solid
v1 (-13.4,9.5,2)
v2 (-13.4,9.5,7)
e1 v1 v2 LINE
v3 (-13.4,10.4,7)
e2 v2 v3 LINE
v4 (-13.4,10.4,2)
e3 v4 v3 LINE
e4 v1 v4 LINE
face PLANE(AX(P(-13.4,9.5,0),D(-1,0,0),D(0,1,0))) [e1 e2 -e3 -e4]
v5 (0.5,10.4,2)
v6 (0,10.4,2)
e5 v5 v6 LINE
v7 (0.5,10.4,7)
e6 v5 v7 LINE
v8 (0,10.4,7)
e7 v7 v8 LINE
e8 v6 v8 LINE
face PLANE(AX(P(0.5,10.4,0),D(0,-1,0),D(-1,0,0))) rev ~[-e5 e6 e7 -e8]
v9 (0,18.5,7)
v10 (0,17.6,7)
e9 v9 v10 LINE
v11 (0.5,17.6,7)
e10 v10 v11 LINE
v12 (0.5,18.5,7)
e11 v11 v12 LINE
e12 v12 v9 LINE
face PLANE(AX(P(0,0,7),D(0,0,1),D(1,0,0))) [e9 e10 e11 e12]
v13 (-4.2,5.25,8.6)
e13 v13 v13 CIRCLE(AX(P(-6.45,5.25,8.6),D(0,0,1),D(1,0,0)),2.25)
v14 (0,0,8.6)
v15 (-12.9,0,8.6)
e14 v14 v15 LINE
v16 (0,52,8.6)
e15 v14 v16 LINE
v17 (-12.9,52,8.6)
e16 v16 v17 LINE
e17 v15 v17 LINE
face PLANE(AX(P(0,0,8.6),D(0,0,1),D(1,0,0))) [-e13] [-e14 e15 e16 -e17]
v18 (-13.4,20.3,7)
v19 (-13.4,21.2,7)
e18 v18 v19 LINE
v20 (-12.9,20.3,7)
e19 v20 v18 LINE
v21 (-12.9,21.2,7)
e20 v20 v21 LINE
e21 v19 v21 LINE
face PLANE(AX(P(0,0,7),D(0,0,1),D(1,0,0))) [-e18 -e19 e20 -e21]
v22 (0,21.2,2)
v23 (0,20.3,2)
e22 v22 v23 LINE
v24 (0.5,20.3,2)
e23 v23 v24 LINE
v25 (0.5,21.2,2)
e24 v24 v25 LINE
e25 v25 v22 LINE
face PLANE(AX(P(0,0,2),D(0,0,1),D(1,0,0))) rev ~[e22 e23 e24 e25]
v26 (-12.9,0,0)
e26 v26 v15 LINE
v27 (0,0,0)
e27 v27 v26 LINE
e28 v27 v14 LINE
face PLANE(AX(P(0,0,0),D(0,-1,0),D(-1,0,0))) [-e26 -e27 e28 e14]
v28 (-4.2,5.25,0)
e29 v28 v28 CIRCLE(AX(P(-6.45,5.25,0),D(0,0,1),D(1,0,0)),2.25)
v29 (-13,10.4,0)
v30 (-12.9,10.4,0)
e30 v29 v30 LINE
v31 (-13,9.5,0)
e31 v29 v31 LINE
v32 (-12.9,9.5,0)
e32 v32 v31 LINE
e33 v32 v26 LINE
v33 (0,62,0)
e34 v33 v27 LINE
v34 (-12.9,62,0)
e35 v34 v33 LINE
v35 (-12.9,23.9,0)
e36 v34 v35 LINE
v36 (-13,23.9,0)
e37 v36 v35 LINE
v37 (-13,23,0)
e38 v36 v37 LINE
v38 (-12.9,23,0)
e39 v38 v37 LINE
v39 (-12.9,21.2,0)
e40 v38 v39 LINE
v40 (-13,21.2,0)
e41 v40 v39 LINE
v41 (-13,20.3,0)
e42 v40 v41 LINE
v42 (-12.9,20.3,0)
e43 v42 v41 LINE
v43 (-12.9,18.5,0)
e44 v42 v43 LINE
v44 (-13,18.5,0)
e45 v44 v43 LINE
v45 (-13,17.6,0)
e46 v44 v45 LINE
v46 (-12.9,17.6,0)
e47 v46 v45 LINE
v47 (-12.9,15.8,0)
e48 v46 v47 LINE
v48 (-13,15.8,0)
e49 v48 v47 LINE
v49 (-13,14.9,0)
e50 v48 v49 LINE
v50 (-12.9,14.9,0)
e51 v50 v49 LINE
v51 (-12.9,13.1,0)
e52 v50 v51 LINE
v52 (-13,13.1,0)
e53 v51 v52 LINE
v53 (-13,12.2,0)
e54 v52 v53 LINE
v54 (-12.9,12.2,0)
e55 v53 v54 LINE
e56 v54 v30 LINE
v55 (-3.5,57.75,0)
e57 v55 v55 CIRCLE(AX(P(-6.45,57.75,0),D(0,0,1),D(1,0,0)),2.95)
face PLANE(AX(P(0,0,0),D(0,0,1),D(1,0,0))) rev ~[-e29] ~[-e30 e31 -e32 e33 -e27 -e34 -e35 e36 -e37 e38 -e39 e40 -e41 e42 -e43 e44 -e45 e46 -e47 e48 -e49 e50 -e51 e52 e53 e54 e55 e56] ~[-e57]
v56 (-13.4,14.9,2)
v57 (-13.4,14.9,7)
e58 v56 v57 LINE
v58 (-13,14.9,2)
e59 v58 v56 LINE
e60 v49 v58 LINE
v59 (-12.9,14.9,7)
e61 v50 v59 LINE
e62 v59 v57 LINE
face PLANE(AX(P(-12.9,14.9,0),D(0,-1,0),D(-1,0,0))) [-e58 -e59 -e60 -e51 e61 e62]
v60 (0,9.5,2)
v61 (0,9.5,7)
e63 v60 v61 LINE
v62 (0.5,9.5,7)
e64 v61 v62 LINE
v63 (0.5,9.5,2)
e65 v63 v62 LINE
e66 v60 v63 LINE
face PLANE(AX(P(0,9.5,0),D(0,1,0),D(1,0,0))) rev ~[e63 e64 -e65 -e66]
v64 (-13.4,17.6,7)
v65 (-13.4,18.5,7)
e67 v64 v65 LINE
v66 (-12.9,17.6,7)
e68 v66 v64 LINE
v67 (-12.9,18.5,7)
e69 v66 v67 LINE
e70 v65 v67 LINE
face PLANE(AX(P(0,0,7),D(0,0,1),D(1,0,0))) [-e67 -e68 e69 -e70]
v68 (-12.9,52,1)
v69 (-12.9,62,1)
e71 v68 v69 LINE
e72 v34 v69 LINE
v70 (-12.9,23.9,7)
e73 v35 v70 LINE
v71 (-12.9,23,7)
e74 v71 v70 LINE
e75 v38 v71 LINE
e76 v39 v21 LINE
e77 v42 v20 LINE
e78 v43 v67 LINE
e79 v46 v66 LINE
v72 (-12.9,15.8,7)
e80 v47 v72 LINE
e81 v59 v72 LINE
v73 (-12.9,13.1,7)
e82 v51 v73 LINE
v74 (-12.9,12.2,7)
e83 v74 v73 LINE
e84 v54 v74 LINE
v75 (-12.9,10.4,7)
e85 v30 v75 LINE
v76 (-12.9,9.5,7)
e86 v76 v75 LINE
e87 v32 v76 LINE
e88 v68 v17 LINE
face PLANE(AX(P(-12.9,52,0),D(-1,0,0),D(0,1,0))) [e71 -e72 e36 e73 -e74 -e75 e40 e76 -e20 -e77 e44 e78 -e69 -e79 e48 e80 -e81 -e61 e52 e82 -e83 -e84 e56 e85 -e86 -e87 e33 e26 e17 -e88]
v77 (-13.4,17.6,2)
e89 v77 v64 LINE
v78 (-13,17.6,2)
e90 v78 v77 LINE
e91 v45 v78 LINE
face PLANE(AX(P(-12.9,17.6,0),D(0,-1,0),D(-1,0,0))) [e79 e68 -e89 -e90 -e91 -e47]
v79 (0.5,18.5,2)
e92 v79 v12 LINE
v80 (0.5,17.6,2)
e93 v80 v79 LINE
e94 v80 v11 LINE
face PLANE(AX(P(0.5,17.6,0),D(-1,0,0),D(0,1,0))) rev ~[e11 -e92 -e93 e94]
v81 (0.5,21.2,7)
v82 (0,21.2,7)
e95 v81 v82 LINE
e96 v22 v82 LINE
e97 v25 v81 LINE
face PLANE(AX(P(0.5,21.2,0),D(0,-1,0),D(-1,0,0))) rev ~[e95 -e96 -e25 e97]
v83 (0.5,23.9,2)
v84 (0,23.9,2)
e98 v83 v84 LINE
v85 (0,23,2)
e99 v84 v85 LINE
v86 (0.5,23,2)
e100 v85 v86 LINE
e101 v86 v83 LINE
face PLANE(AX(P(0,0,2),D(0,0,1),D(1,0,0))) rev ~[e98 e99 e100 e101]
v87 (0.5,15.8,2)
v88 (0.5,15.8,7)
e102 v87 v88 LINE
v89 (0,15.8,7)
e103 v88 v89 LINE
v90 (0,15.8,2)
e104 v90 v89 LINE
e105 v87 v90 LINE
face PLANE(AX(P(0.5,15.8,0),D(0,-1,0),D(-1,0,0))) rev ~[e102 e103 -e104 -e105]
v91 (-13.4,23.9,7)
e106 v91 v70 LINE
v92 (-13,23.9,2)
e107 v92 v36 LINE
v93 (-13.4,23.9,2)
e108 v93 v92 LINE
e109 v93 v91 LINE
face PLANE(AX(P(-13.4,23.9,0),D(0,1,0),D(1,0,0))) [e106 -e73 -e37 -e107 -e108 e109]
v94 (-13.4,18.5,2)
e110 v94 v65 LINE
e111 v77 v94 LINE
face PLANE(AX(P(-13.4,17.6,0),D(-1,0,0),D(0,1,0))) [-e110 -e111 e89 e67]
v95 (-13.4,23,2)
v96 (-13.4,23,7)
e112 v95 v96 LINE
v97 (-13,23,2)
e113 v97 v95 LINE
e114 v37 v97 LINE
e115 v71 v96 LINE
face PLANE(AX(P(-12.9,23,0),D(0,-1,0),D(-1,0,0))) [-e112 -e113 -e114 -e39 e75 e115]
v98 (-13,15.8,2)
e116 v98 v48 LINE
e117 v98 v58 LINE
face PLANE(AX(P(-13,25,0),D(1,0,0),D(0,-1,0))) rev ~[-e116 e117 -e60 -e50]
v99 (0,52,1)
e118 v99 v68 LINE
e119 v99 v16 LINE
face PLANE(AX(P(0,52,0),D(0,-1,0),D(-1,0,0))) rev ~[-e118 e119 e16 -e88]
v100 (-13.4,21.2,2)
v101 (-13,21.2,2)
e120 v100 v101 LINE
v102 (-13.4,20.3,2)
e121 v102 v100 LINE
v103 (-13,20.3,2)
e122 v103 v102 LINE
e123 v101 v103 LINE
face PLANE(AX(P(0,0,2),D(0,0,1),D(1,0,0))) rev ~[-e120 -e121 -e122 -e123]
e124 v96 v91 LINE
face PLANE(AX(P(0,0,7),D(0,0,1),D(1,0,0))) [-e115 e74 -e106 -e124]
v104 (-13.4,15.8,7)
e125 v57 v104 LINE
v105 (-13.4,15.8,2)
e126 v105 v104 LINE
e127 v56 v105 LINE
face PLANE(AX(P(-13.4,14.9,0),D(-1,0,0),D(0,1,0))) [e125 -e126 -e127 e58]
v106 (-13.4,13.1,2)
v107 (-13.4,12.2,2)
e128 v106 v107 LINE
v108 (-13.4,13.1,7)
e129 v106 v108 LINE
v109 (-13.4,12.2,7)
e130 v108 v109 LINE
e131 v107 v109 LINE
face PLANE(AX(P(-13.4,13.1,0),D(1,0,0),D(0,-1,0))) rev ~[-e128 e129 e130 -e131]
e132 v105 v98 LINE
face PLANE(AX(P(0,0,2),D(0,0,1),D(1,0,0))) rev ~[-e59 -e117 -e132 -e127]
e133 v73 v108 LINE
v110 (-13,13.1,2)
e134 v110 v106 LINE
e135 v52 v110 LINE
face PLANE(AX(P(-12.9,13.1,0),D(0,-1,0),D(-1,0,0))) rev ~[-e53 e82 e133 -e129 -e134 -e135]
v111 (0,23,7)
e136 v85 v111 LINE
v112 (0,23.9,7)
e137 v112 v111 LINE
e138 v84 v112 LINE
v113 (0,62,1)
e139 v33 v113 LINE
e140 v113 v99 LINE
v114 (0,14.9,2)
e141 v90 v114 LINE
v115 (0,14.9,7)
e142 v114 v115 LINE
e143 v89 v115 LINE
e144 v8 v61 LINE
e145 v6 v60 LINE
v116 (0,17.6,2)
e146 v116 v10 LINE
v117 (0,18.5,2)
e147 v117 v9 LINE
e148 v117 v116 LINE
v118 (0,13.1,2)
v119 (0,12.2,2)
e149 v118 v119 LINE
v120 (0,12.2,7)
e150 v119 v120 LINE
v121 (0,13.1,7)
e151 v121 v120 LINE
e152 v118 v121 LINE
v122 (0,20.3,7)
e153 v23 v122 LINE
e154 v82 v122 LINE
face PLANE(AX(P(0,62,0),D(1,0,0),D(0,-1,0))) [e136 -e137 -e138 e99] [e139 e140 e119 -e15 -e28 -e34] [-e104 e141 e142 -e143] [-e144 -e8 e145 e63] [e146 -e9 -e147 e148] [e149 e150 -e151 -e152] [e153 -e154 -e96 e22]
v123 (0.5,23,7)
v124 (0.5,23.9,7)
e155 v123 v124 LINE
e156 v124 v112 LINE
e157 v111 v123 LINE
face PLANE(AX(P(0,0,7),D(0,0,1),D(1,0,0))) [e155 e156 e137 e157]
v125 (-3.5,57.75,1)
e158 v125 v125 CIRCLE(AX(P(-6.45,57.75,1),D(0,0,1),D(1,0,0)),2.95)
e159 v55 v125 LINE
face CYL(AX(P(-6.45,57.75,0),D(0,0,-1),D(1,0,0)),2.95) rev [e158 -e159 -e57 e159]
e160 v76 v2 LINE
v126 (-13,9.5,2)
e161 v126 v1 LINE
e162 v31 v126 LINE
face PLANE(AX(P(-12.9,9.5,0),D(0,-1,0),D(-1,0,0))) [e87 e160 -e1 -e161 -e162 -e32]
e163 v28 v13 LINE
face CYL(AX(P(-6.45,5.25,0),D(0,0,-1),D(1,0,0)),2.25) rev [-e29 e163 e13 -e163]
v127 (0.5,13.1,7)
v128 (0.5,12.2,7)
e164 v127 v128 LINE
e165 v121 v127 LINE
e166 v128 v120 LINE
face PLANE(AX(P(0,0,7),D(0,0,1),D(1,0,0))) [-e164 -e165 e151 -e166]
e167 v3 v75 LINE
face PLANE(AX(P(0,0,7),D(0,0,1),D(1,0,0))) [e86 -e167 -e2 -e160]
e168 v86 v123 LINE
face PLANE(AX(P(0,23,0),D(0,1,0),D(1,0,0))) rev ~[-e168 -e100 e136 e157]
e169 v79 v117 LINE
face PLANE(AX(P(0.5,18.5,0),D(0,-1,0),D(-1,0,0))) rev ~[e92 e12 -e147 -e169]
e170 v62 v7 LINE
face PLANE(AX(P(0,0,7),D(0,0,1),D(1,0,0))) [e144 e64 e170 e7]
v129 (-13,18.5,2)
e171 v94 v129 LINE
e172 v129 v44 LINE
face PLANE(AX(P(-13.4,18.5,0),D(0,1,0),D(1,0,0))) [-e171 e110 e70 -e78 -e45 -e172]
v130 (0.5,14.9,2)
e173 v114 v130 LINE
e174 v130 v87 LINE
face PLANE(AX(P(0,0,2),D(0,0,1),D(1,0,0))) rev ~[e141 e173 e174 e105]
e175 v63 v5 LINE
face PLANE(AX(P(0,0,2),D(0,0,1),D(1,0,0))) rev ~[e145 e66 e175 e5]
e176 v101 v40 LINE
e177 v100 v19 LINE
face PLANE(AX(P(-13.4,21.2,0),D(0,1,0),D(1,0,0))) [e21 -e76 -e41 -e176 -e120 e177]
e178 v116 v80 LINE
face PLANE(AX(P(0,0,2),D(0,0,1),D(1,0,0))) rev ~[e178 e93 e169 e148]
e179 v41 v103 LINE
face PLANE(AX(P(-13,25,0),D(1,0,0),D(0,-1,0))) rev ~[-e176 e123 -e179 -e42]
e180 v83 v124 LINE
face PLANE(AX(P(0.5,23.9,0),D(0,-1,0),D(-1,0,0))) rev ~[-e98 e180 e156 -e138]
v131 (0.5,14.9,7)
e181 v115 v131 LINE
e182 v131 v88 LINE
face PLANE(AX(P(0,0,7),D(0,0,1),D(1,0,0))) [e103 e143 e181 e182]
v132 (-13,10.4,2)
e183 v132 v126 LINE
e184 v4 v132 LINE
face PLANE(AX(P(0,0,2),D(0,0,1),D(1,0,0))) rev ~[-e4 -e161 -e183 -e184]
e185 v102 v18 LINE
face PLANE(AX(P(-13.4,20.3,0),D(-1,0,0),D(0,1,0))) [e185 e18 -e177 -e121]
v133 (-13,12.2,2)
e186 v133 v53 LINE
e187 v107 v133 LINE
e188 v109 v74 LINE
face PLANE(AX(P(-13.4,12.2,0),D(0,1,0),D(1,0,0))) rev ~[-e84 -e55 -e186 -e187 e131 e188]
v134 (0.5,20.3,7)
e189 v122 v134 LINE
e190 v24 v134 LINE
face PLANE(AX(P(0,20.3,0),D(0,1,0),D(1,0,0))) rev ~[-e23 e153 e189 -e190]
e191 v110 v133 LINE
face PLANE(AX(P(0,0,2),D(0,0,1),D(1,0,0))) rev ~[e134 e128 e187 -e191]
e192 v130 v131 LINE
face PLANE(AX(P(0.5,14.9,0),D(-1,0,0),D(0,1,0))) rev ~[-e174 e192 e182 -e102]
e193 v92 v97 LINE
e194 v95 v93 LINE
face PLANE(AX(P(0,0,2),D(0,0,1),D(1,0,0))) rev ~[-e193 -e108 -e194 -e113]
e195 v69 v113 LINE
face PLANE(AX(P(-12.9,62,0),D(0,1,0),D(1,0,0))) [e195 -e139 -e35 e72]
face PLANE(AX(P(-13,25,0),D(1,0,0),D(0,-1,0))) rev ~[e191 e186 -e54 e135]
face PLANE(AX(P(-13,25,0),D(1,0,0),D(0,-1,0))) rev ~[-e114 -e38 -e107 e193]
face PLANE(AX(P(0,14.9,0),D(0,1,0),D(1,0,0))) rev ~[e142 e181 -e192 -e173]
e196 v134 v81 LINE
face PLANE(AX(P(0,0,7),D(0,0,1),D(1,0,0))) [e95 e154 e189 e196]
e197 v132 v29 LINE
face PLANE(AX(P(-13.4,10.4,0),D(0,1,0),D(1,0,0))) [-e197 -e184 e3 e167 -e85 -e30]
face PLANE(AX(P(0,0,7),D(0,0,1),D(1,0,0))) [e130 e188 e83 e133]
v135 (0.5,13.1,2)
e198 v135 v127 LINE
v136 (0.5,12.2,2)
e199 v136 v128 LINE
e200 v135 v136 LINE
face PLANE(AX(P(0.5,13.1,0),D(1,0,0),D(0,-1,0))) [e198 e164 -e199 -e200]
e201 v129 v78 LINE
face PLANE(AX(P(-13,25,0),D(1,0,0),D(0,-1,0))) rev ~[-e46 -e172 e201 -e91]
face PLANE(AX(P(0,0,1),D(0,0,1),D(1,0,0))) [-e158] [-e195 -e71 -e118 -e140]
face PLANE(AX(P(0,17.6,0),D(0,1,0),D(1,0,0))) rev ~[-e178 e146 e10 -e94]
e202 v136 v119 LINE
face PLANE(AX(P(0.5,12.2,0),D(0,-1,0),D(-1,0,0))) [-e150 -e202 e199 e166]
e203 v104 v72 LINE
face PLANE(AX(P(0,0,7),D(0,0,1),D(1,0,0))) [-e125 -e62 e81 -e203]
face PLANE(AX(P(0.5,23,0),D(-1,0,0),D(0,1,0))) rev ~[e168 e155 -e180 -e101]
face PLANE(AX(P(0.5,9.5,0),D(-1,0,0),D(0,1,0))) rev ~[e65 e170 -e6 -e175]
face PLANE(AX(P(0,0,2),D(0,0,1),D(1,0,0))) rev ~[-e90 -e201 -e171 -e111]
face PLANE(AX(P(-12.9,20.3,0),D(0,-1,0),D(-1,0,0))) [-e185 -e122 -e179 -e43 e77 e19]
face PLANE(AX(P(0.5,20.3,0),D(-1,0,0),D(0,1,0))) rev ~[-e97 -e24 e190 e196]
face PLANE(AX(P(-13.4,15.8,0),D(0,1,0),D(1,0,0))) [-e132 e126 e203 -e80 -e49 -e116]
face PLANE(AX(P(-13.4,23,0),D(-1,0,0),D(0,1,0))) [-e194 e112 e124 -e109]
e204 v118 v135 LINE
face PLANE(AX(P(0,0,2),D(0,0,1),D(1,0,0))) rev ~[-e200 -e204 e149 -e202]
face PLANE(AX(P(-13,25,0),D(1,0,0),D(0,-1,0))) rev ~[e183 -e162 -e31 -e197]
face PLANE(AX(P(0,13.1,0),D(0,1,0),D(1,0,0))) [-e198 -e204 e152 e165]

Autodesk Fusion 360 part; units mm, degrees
sketch "Sketch1" plane through (0, 0, 0) normal (0, 0, 1) x (1, 0, 0)
  line L0 (0, 0) -> (-12.9, 0)
  line L1 (-12.9, 0) -> (-12.9, 62)
  line L2 (-12.9, 62) -> (0, 62)
  line L3 (0, 62) -> (0, 0)
  circle A0 centre (-6.45, 57.75) radius 2.95
  line L4 (-12.9, 62) -> (0, 62)
  line L5 (0, 62) -> (0, 52)
  line L6 (0, 52) -> (-12.9, 52)
  line L7 (-12.9, 52) -> (-12.9, 62)
  line L8 (-12.9, 9.5) -> (-13.4, 9.5)
  line L9 (-13.4, 9.5) -> (-13.4, 10.4)
  line L10 (-13.4, 10.4) -> (-12.9, 10.4)
  line L11 (-12.9, 10.4) -> (-12.9, 9.5)
  line L12 (-12.9, 13.1) -> (-13.4, 13.1)
  line L13 (-13.4, 13.1) -> (-13.4, 12.2)
  line L14 (-13.4, 12.2) -> (-12.9, 12.2)
  line L15 (-12.9, 12.2) -> (-12.9, 13.1)
  line L16 (-12.9, 14.9) -> (-13.4, 14.9)
  line L17 (-13.4, 14.9) -> (-13.4, 15.8)
  line L18 (-13.4, 15.8) -> (-12.9, 15.8)
  line L19 (-12.9, 15.8) -> (-12.9, 14.9)
  line L20 (-12.9, 17.6) -> (-13.4, 17.6)
  line L21 (-13.4, 17.6) -> (-13.4, 18.5)
  line L22 (-13.4, 18.5) -> (-12.9, 18.5)
  line L23 (-12.9, 18.5) -> (-12.9, 17.6)
  line L24 (-12.9, 20.3) -> (-13.4, 20.3)
  line L25 (-13.4, 20.3) -> (-13.4, 21.2)
  line L26 (-13.4, 21.2) -> (-12.9, 21.2)
  line L27 (-12.9, 21.2) -> (-12.9, 20.3)
  line L28 (-12.9, 23) -> (-13.4, 23)
  line L29 (-13.4, 23) -> (-13.4, 23.9)
  line L30 (-13.4, 23.9) -> (-12.9, 23.9)
  line L31 (-12.9, 23.9) -> (-12.9, 23)
  line L32 (0.5, 23.9) -> (0, 23.9)
  line L33 (0.5, 23) -> (0.5, 23.9)
  line L34 (0, 23) -> (0.5, 23)
  line L35 (0.5, 21.2) -> (0, 21.2)
  line L36 (0.5, 20.3) -> (0.5, 21.2)
  line L37 (0, 20.3) -> (0.5, 20.3)
  line L38 (0.5, 18.5) -> (0, 18.5)
  line L39 (0.5, 17.6) -> (0.5, 18.5)
  line L40 (0, 17.6) -> (0.5, 17.6)
  line L41 (0.5, 15.8) -> (0, 15.8)
  line L42 (0.5, 14.9) -> (0.5, 15.8)
  line L43 (0, 14.9) -> (0.5, 14.9)
  line L44 (0, 13.1) -> (0.5, 13.1)
  line L45 (0.5, 13.1) -> (0.5, 12.2)
  line L46 (0.5, 12.2) -> (0, 12.2)
  line L47 (0.5, 10.4) -> (0, 10.4)
  line L48 (0.5, 9.5) -> (0.5, 10.4)
  line L49 (0, 9.5) -> (0.5, 9.5)
  circle A1 centre (-6.45, 5.25) radius 2.25
  dimension "d1" = 12.9
  dimension "d2" = 62
  dimension "d3" = 5.9
  dimension "d4" = 4.25
  dimension "d5" = 6.45
  dimension "d6" = 10
  dimension "d7" = 0.5
  dimension "d8" = 0.9
  dimension "d9" = 9.5
  dimension "d10" = 0.5
  dimension "d11" = 0.9
  dimension "d12" = 0.5
  dimension "d13" = 0.9
  dimension "d14" = 0.5
  dimension "d15" = 0.9
  dimension "d16" = 0.9
  dimension "d17" = 0.5
  dimension "d18" = 0.9
  dimension "d19" = 1.8
  dimension "d20" = 2.7
  dimension "d21" = 1.8
  dimension "d22" = 1.8
  dimension "d23" = 1.8
  dimension "d24" = 4.5
  dimension "d25" = 5.25
  dimension "d26" = 6.45
extrude "Extrude1" add sketch "Sketch1" along normal blind 1 contours L1 L2 L3 L4 L5 L6 L7
extrude "Extrude2" add sketch "Sketch1" along normal blind 8.6 contours L0 L1 L3 L6 L11 L15 L19 L23 L27 L31
extrude "Extrude3" add sketch "Sketch1" along normal blind 7 contours L3 L47 L48 L49 | L1 L8 L9 L10 L11 | L3 L44 L45 L46 | L1 L12 L13 L14 L15 | L3 L41 L42 L43 | L1 L16 L17 L18 L19 | L3 L38 L39 L40 | L1 L20 L21 L22 L23 | L3 L35 L36 L37 | L1 L24 L25 L26 L27 | L3 L32 L33 L34 | L1 L28 L29 L30 L31
sketch "Sketch2" plane through (0, 0, 0) normal (0, 0, 1) x (1, 0, 0)
  line L0 (0, 0) -> (22, 0)
  line L1 (22, 0) -> (22, 28)
  line L2 (22, 28) -> (0, 28)
  line L3 (0, 28) -> (0, 0)
  line L4 (-13, 0) -> (-34, 0)
  line L5 (-34, 0) -> (-34, 25)
  line L6 (-34, 25) -> (-13, 25)
  line L7 (-13, 25) -> (-13, 0)
extrude "Extrude4" cut sketch "Sketch2" along normal blind 2
equation "d4 = d3 / 2 + 1.3 mm"
equation "d5 = d3 / 2 + ( d1 - d3 ) / 2"
equation "d20 = 1.8 mm + d13"
equation "d25 = d24 / 2 + 3 mm"
equation "d26 = d24 / 2 + ( d1 - d24 ) / 2"
